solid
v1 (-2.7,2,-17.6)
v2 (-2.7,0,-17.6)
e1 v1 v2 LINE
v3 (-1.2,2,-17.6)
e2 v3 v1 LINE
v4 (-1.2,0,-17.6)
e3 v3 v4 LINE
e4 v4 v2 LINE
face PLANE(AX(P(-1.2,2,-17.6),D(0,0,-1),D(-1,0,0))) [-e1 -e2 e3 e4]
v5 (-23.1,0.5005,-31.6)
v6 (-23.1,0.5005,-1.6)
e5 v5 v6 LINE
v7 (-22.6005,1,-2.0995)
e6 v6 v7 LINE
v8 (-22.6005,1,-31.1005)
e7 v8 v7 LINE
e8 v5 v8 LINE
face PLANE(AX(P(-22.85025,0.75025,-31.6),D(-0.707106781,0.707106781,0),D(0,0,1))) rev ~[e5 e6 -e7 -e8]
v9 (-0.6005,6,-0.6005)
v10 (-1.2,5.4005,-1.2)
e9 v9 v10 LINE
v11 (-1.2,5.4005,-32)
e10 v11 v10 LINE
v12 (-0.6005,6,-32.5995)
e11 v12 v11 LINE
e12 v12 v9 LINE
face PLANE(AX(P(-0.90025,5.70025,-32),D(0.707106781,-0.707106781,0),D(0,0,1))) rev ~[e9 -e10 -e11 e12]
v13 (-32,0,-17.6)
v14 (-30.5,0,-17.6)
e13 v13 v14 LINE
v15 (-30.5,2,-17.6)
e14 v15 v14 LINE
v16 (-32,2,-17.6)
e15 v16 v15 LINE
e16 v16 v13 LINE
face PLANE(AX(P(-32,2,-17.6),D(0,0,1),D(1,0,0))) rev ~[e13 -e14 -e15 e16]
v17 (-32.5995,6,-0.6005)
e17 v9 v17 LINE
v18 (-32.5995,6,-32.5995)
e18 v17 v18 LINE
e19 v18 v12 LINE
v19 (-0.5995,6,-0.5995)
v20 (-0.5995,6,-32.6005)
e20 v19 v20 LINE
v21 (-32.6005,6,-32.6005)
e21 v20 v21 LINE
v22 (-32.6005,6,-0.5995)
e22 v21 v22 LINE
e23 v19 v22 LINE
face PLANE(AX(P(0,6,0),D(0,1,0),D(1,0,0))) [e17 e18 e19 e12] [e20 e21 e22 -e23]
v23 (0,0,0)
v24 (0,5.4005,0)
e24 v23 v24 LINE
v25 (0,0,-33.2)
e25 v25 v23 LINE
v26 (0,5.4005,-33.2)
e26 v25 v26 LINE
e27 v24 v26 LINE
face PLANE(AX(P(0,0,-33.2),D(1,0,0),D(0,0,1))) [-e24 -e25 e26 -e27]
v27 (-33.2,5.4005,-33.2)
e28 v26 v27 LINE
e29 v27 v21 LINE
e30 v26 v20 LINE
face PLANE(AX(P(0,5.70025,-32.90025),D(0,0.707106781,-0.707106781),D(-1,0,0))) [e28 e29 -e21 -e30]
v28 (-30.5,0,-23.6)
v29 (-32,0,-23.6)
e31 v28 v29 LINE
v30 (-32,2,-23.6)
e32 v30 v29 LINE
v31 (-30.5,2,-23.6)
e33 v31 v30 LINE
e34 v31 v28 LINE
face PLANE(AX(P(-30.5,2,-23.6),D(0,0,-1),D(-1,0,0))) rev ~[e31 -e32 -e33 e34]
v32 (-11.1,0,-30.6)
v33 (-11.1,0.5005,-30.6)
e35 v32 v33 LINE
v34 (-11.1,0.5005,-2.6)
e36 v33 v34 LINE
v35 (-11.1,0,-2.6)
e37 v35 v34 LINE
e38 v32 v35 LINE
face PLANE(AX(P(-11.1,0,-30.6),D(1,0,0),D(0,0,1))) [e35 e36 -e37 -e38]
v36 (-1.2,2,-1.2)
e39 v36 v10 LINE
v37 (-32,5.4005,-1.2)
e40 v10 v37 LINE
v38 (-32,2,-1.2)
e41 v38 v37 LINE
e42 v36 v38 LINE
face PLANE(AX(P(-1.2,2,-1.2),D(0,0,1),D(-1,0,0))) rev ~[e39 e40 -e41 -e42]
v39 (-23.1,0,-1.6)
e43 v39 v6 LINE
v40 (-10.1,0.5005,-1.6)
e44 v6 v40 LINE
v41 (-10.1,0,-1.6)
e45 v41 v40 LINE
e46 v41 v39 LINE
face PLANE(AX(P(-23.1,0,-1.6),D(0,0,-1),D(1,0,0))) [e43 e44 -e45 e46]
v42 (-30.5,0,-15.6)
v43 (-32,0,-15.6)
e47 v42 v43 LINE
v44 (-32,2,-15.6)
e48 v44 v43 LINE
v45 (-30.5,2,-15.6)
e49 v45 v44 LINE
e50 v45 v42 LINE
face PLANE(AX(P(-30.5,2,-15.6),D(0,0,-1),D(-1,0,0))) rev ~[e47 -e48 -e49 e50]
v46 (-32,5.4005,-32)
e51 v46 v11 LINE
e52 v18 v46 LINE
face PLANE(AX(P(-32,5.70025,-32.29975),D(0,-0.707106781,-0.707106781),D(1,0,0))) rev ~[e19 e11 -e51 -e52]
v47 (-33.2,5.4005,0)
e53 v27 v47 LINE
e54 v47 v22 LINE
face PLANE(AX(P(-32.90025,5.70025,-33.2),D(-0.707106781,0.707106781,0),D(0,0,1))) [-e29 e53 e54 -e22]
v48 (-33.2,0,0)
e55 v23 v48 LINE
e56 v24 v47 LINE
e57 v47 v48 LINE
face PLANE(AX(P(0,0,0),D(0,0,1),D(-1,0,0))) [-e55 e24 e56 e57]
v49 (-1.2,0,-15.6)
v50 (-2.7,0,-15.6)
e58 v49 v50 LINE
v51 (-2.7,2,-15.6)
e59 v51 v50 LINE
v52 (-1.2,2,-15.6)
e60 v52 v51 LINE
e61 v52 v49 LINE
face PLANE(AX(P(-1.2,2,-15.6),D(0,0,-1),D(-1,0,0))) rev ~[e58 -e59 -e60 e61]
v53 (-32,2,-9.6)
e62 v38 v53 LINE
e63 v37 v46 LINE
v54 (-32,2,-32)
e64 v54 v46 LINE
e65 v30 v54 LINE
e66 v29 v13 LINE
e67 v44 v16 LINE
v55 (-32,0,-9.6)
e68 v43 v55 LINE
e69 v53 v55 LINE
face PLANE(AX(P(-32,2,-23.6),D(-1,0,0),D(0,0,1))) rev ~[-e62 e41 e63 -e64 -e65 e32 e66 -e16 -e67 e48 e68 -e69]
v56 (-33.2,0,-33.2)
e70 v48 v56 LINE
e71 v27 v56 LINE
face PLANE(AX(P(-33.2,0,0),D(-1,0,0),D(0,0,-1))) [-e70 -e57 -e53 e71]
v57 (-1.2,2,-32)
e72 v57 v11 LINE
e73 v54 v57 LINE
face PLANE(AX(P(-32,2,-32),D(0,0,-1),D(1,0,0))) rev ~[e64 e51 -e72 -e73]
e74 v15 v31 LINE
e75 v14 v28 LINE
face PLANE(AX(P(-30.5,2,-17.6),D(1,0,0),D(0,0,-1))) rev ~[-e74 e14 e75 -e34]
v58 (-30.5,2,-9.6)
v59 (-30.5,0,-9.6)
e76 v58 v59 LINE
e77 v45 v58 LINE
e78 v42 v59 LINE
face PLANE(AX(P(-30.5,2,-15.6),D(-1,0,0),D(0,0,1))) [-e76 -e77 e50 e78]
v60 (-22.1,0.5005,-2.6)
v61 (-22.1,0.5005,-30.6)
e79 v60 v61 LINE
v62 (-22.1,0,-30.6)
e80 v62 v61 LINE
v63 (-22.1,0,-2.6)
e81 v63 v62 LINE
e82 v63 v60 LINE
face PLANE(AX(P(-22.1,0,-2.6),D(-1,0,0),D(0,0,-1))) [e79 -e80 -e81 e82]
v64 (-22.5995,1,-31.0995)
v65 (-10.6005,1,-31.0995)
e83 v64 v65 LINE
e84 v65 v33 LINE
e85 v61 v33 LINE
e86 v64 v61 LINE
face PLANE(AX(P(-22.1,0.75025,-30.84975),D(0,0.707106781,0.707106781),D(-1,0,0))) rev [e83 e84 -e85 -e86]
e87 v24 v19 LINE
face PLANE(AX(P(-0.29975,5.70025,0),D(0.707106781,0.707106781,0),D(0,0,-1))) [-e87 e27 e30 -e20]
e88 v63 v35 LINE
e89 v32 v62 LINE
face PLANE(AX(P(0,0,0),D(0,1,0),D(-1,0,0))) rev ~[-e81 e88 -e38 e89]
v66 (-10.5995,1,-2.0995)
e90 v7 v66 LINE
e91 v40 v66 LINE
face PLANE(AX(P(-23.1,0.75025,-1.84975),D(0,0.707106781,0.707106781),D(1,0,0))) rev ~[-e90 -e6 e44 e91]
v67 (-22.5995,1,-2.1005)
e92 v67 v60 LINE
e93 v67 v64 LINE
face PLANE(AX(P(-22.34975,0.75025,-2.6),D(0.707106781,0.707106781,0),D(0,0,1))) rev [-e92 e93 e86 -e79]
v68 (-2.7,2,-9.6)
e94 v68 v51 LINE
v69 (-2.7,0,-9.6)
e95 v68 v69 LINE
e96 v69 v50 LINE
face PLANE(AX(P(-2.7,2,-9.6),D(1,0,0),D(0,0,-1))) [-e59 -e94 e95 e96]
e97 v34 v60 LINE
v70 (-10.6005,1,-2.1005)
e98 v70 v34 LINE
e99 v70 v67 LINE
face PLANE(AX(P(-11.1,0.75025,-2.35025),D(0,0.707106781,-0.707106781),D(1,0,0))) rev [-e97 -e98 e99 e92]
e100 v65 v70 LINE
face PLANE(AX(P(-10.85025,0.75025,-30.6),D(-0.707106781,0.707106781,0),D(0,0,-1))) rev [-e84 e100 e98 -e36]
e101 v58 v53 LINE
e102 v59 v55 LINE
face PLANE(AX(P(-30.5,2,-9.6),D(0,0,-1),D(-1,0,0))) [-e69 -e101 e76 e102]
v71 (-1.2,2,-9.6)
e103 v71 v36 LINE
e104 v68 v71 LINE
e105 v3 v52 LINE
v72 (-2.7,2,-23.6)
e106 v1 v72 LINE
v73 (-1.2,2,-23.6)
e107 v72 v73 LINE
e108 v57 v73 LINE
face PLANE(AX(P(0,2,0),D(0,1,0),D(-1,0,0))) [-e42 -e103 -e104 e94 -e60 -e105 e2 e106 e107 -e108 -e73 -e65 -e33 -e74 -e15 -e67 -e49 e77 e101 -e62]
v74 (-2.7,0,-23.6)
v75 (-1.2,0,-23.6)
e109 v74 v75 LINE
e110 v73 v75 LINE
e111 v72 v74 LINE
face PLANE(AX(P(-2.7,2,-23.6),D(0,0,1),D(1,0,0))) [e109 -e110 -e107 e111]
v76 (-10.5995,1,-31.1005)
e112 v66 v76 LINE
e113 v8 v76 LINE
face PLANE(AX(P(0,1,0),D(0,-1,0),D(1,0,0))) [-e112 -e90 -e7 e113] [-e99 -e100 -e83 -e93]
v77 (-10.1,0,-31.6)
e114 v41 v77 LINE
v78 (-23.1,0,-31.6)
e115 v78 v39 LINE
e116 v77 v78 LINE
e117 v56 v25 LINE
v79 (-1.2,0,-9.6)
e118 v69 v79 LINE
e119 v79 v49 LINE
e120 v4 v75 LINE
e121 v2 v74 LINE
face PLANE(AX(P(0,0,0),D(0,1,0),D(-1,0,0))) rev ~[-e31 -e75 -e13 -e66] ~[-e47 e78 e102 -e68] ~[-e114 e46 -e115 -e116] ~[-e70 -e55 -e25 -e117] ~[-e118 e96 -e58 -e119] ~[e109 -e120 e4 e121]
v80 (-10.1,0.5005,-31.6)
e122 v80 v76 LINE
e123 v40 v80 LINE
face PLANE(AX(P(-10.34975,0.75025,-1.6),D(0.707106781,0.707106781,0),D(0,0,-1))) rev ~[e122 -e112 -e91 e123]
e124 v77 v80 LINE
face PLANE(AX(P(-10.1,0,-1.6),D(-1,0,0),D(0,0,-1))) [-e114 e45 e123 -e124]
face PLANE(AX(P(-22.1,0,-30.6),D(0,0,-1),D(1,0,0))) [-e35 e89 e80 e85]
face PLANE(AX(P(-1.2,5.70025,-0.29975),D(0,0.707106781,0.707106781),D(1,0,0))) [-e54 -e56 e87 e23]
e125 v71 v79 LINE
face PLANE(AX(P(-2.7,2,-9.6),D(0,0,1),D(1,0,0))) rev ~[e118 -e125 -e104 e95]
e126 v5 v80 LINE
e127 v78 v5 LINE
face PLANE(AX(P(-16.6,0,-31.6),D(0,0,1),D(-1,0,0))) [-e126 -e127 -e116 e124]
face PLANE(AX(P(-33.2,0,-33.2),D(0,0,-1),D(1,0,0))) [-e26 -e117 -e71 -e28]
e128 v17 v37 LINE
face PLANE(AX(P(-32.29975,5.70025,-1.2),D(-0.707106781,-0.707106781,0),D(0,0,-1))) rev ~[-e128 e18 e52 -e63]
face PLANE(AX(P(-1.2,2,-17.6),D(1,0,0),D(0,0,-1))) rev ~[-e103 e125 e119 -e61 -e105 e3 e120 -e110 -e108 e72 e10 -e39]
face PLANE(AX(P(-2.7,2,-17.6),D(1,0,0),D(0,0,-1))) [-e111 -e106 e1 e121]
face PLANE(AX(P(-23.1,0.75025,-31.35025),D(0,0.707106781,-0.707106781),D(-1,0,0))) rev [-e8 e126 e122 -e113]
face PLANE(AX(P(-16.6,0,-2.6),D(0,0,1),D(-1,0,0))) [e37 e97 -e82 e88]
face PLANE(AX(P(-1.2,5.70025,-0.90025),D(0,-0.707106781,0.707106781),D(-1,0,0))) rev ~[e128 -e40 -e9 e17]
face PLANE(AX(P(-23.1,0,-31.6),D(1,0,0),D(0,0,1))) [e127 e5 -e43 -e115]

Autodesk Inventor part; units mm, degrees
ref_plane "YZ Plane" through (0, 0, 0) normal (1, 0, 0) x (0, 1, 0)
ref_plane "XZ Plane" through (0, 0, 0) normal (0, 1, 0) x (-1, 0, 0)
ref_plane "XY Plane" through (0, 0, 0) normal (0, 0, 1) x (1, 0, 0)
sketch "Sketch1" plane through (0, 0, 0) normal (0, 1, 0) x (-1, 0, 0)
  point P0 (0, 0)
sketch "Sketch2" plane through (0, 0, 0) normal (0, 1, 0) x (-1, 0, 0)
  line L0 (0, 0) -> (33.2, 0)
  line L1 (33.2, 0) -> (33.2, -33.2)
  line L2 (33.2, -33.2) -> (0, -33.2)
  line L3 (0, -33.2) -> (0, 0)
  dimension "d0" = 33.2
  dimension "d1" = 33.2
extrude "Extrusion1" add sketch "Sketch2" along normal blind 2
sketch "Sketch3" plane through (0, 2, 0) normal (0, 1, 0) x (1, 0, 0)
  line L0 (0, 33.2) -> (-33.2, 33.2) projected
  line L1 (-33.2, 33.2) -> (-33.2, 0) projected
  line L2 (-33.2, 0) -> (0, 0) projected
  line L3 (0, 0) -> (0, 33.2) projected
  line L4 (-33.2, 0) -> (0, 0) projected
  line L5 (0, 0) -> (-1.2, 0)
  line L6 (-1.2, 0) -> (-1.2, 1.2)
  line L7 (-1.2, 1.2) -> (-32, 1.2)
  line L8 (-32, 1.2) -> (-32, 32)
  line L9 (-32, 32) -> (-1.2, 32)
  line L10 (-1.2, 32) -> (-1.2, 1.2)
  dimension "d4" = 1.2
  dimension "d5" = 1.2
  dimension "d6" = 30.8
  dimension "d7" = 30.8
extrude "Extrusion2" add sketch "Sketch3" along normal blind 4
chamfer "Chamfer1" distance 0.6 angle 45 8 edges at (-1.2, 6, -16.6) (-16.6, 6, -32) (-16.6, 6, -33.2) (0, 6, -16.6) (-16.6, 6, 0) (-16.6, 6, -1.2) (-33.2, 6, -16.6) (-32, 6, -16.6)
sketch "Sketch4" plane through (0, 2, 0) normal (0, 1, 0) x (1, 0, 0)
  line L0 (-1.2, 1.2) -> (-1.2, 32) projected
  line L1 (-1.2, 32) -> (-32, 32) projected
  line L2 (-32, 32) -> (-32, 1.2) projected
  line L3 (-32, 1.2) -> (-1.2, 1.2) projected
  line L4 (-1.2, 1.2) -> (-1.2, 32) projected
  line L5 (-1.2, 16.6) -> (-32, 16.6)
  line L6 (-32, 32) -> (-1.2, 32) projected
  line L7 (-16.6, 32) -> (-16.6, 1.2)
  line L8 (-16.6, 16.6) -> (-16.6, 17.6)
  line L9 (-32, 16.6) -> (-32, 17.6)
  line L10 (-32, 1.2) -> (-32, 32) projected
  line L11 (-32, 17.6) -> (-30.5, 17.6)
  line L12 (-30.5, 17.6) -> (-30.5, 23.6)
  line L13 (-30.5, 23.6) -> (-32, 23.6)
  line L14 (-30.5, 16.6) -> (-30.5, 15.6)
  line L15 (-30.5, 15.6) -> (-32, 15.6)
  line L16 (-30.5, 15.6) -> (-30.5, 9.6)
  line L17 (-30.5, 9.6) -> (-32, 9.6)
  line L18 (-1.2, 16.6) -> (-1.2, 17.6)
  line L19 (-1.2, 17.6) -> (-2.7, 17.6)
  line L20 (-2.7, 17.6) -> (-2.7, 23.6)
  line L21 (-2.7, 23.6) -> (-1.2, 23.6)
  line L22 (-1.2, 16.6) -> (-1.2, 15.6)
  line L23 (-1.2, 15.6) -> (-2.7, 15.6)
  line L24 (-2.7, 9.6) -> (-2.7, 15.6)
  line L25 (-2.7, 9.6) -> (-1.2, 9.6)
  point P0 (0, 0)
  dimension "d13" = 1
  dimension "d14" = 1.5
  dimension "d15" = 6
  dimension "d16" = 1
  dimension "d17" = 6
  dimension "d18" = 1
  dimension "d19" = 1.5
  dimension "d20" = 6
extrude "Extrusion3" cut sketch "Sketch4" against normal blind 4 contours L25 L24 L23 L0 | L2 L15 L16 L17 | L19 L20 L21 L0 | L2 L13 L12 L11
sketch "Sketch5" plane through (0, 0, 0) normal (0, -1, 0) x (1, 0, 0)
  line L0 (-1.2, -17.6) -> (-1.2, -23.6) projected
  line L1 (-1.2, -23.6) -> (-2.7, -23.6) projected
  line L2 (-2.7, -23.6) -> (-2.7, -17.6) projected
  line L3 (-2.7, -17.6) -> (-1.2, -17.6) projected
  line L4 (-32, -23.6) -> (-32, -17.6) projected
  line L5 (-32, -17.6) -> (-30.5, -17.6) projected
  line L6 (-30.5, -17.6) -> (-30.5, -23.6) projected
  line L7 (-30.5, -23.6) -> (-32, -23.6) projected
  line L8 (-1.2, -9.6) -> (-1.2, -15.6) projected
  line L9 (-1.2, -15.6) -> (-2.7, -15.6) projected
  line L10 (-2.7, -15.6) -> (-2.7, -9.6) projected
  line L11 (-2.7, -9.6) -> (-1.2, -9.6) projected
  line L12 (-32, -15.6) -> (-32, -9.6) projected
  line L13 (-32, -9.6) -> (-30.5, -9.6) projected
  line L14 (-30.5, -9.6) -> (-30.5, -15.6) projected
  line L15 (-30.5, -15.6) -> (-32, -15.6) projected
  line L16 (0, -33.2) -> (-33.2, -33.2) projected
  line L17 (0, 0) -> (0, -33.2) projected
  line L18 (-33.2, 0) -> (0, 0) projected
  line L19 (-33.2, -33.2) -> (-33.2, 0) projected
  line L20 (-33.2, 0) -> (0, 0) projected
  line L21 (-16.6, 0) -> (-16.6, -33.2)
  line L22 (0, -33.2) -> (-33.2, -33.2) projected
  line L23 (-16.6, -16.6) -> (-16.6, -1.6)
  line L24 (-1.2, -1.2) -> (-32, -1.2) projected
  line L25 (-16.6, -1.6) -> (-10.1, -1.6)
  line L26 (-10.1, -1.6) -> (-10.1, -31.6)
  line L27 (-10.1, -31.6) -> (-23.1, -31.6)
  line L28 (-23.1, -31.6) -> (-23.1, -1.6)
  line L29 (-23.1, -1.6) -> (-16.6, -1.6)
  line L30 (-10.1, -1.6) -> (-11.1, -1.6)
  line L31 (-11.1, -1.6) -> (-11.1, -2.6)
  line L32 (-11.1, -2.6) -> (-22.1, -2.6)
  line L33 (-22.1, -2.6) -> (-22.1, -30.6)
  line L34 (-22.1, -30.6) -> (-11.1, -30.6)
  line L35 (-11.1, -30.6) -> (-11.1, -2.6)
  dimension "d25" = 6.5
  dimension "d26" = 30
  dimension "d27" = 13
  dimension "d28" = 1
  dimension "d29" = 1
  dimension "d30" = 11
  dimension "d31" = 28
extrude "Extrusion4" cut sketch "Sketch5" against normal blind 1 contours L27 L28 L29 L21 L32 L33 L34 | L21 L34 L35 L31 L25 L26 L27 | L25 L31 L32 L21
chamfer "Chamfer2" distance 0.5 angle 45 8 edges at (-11.1, 1, -16.6) (-16.6, 1, -2.6) (-23.1, 1, -16.6) (-16.6, 1, -1.6) (-22.1, 1, -16.6) (-10.1, 1, -16.6) (-16.6, 1, -30.6) (-16.6, 1, -31.6)
properties part number "led-compartment"
